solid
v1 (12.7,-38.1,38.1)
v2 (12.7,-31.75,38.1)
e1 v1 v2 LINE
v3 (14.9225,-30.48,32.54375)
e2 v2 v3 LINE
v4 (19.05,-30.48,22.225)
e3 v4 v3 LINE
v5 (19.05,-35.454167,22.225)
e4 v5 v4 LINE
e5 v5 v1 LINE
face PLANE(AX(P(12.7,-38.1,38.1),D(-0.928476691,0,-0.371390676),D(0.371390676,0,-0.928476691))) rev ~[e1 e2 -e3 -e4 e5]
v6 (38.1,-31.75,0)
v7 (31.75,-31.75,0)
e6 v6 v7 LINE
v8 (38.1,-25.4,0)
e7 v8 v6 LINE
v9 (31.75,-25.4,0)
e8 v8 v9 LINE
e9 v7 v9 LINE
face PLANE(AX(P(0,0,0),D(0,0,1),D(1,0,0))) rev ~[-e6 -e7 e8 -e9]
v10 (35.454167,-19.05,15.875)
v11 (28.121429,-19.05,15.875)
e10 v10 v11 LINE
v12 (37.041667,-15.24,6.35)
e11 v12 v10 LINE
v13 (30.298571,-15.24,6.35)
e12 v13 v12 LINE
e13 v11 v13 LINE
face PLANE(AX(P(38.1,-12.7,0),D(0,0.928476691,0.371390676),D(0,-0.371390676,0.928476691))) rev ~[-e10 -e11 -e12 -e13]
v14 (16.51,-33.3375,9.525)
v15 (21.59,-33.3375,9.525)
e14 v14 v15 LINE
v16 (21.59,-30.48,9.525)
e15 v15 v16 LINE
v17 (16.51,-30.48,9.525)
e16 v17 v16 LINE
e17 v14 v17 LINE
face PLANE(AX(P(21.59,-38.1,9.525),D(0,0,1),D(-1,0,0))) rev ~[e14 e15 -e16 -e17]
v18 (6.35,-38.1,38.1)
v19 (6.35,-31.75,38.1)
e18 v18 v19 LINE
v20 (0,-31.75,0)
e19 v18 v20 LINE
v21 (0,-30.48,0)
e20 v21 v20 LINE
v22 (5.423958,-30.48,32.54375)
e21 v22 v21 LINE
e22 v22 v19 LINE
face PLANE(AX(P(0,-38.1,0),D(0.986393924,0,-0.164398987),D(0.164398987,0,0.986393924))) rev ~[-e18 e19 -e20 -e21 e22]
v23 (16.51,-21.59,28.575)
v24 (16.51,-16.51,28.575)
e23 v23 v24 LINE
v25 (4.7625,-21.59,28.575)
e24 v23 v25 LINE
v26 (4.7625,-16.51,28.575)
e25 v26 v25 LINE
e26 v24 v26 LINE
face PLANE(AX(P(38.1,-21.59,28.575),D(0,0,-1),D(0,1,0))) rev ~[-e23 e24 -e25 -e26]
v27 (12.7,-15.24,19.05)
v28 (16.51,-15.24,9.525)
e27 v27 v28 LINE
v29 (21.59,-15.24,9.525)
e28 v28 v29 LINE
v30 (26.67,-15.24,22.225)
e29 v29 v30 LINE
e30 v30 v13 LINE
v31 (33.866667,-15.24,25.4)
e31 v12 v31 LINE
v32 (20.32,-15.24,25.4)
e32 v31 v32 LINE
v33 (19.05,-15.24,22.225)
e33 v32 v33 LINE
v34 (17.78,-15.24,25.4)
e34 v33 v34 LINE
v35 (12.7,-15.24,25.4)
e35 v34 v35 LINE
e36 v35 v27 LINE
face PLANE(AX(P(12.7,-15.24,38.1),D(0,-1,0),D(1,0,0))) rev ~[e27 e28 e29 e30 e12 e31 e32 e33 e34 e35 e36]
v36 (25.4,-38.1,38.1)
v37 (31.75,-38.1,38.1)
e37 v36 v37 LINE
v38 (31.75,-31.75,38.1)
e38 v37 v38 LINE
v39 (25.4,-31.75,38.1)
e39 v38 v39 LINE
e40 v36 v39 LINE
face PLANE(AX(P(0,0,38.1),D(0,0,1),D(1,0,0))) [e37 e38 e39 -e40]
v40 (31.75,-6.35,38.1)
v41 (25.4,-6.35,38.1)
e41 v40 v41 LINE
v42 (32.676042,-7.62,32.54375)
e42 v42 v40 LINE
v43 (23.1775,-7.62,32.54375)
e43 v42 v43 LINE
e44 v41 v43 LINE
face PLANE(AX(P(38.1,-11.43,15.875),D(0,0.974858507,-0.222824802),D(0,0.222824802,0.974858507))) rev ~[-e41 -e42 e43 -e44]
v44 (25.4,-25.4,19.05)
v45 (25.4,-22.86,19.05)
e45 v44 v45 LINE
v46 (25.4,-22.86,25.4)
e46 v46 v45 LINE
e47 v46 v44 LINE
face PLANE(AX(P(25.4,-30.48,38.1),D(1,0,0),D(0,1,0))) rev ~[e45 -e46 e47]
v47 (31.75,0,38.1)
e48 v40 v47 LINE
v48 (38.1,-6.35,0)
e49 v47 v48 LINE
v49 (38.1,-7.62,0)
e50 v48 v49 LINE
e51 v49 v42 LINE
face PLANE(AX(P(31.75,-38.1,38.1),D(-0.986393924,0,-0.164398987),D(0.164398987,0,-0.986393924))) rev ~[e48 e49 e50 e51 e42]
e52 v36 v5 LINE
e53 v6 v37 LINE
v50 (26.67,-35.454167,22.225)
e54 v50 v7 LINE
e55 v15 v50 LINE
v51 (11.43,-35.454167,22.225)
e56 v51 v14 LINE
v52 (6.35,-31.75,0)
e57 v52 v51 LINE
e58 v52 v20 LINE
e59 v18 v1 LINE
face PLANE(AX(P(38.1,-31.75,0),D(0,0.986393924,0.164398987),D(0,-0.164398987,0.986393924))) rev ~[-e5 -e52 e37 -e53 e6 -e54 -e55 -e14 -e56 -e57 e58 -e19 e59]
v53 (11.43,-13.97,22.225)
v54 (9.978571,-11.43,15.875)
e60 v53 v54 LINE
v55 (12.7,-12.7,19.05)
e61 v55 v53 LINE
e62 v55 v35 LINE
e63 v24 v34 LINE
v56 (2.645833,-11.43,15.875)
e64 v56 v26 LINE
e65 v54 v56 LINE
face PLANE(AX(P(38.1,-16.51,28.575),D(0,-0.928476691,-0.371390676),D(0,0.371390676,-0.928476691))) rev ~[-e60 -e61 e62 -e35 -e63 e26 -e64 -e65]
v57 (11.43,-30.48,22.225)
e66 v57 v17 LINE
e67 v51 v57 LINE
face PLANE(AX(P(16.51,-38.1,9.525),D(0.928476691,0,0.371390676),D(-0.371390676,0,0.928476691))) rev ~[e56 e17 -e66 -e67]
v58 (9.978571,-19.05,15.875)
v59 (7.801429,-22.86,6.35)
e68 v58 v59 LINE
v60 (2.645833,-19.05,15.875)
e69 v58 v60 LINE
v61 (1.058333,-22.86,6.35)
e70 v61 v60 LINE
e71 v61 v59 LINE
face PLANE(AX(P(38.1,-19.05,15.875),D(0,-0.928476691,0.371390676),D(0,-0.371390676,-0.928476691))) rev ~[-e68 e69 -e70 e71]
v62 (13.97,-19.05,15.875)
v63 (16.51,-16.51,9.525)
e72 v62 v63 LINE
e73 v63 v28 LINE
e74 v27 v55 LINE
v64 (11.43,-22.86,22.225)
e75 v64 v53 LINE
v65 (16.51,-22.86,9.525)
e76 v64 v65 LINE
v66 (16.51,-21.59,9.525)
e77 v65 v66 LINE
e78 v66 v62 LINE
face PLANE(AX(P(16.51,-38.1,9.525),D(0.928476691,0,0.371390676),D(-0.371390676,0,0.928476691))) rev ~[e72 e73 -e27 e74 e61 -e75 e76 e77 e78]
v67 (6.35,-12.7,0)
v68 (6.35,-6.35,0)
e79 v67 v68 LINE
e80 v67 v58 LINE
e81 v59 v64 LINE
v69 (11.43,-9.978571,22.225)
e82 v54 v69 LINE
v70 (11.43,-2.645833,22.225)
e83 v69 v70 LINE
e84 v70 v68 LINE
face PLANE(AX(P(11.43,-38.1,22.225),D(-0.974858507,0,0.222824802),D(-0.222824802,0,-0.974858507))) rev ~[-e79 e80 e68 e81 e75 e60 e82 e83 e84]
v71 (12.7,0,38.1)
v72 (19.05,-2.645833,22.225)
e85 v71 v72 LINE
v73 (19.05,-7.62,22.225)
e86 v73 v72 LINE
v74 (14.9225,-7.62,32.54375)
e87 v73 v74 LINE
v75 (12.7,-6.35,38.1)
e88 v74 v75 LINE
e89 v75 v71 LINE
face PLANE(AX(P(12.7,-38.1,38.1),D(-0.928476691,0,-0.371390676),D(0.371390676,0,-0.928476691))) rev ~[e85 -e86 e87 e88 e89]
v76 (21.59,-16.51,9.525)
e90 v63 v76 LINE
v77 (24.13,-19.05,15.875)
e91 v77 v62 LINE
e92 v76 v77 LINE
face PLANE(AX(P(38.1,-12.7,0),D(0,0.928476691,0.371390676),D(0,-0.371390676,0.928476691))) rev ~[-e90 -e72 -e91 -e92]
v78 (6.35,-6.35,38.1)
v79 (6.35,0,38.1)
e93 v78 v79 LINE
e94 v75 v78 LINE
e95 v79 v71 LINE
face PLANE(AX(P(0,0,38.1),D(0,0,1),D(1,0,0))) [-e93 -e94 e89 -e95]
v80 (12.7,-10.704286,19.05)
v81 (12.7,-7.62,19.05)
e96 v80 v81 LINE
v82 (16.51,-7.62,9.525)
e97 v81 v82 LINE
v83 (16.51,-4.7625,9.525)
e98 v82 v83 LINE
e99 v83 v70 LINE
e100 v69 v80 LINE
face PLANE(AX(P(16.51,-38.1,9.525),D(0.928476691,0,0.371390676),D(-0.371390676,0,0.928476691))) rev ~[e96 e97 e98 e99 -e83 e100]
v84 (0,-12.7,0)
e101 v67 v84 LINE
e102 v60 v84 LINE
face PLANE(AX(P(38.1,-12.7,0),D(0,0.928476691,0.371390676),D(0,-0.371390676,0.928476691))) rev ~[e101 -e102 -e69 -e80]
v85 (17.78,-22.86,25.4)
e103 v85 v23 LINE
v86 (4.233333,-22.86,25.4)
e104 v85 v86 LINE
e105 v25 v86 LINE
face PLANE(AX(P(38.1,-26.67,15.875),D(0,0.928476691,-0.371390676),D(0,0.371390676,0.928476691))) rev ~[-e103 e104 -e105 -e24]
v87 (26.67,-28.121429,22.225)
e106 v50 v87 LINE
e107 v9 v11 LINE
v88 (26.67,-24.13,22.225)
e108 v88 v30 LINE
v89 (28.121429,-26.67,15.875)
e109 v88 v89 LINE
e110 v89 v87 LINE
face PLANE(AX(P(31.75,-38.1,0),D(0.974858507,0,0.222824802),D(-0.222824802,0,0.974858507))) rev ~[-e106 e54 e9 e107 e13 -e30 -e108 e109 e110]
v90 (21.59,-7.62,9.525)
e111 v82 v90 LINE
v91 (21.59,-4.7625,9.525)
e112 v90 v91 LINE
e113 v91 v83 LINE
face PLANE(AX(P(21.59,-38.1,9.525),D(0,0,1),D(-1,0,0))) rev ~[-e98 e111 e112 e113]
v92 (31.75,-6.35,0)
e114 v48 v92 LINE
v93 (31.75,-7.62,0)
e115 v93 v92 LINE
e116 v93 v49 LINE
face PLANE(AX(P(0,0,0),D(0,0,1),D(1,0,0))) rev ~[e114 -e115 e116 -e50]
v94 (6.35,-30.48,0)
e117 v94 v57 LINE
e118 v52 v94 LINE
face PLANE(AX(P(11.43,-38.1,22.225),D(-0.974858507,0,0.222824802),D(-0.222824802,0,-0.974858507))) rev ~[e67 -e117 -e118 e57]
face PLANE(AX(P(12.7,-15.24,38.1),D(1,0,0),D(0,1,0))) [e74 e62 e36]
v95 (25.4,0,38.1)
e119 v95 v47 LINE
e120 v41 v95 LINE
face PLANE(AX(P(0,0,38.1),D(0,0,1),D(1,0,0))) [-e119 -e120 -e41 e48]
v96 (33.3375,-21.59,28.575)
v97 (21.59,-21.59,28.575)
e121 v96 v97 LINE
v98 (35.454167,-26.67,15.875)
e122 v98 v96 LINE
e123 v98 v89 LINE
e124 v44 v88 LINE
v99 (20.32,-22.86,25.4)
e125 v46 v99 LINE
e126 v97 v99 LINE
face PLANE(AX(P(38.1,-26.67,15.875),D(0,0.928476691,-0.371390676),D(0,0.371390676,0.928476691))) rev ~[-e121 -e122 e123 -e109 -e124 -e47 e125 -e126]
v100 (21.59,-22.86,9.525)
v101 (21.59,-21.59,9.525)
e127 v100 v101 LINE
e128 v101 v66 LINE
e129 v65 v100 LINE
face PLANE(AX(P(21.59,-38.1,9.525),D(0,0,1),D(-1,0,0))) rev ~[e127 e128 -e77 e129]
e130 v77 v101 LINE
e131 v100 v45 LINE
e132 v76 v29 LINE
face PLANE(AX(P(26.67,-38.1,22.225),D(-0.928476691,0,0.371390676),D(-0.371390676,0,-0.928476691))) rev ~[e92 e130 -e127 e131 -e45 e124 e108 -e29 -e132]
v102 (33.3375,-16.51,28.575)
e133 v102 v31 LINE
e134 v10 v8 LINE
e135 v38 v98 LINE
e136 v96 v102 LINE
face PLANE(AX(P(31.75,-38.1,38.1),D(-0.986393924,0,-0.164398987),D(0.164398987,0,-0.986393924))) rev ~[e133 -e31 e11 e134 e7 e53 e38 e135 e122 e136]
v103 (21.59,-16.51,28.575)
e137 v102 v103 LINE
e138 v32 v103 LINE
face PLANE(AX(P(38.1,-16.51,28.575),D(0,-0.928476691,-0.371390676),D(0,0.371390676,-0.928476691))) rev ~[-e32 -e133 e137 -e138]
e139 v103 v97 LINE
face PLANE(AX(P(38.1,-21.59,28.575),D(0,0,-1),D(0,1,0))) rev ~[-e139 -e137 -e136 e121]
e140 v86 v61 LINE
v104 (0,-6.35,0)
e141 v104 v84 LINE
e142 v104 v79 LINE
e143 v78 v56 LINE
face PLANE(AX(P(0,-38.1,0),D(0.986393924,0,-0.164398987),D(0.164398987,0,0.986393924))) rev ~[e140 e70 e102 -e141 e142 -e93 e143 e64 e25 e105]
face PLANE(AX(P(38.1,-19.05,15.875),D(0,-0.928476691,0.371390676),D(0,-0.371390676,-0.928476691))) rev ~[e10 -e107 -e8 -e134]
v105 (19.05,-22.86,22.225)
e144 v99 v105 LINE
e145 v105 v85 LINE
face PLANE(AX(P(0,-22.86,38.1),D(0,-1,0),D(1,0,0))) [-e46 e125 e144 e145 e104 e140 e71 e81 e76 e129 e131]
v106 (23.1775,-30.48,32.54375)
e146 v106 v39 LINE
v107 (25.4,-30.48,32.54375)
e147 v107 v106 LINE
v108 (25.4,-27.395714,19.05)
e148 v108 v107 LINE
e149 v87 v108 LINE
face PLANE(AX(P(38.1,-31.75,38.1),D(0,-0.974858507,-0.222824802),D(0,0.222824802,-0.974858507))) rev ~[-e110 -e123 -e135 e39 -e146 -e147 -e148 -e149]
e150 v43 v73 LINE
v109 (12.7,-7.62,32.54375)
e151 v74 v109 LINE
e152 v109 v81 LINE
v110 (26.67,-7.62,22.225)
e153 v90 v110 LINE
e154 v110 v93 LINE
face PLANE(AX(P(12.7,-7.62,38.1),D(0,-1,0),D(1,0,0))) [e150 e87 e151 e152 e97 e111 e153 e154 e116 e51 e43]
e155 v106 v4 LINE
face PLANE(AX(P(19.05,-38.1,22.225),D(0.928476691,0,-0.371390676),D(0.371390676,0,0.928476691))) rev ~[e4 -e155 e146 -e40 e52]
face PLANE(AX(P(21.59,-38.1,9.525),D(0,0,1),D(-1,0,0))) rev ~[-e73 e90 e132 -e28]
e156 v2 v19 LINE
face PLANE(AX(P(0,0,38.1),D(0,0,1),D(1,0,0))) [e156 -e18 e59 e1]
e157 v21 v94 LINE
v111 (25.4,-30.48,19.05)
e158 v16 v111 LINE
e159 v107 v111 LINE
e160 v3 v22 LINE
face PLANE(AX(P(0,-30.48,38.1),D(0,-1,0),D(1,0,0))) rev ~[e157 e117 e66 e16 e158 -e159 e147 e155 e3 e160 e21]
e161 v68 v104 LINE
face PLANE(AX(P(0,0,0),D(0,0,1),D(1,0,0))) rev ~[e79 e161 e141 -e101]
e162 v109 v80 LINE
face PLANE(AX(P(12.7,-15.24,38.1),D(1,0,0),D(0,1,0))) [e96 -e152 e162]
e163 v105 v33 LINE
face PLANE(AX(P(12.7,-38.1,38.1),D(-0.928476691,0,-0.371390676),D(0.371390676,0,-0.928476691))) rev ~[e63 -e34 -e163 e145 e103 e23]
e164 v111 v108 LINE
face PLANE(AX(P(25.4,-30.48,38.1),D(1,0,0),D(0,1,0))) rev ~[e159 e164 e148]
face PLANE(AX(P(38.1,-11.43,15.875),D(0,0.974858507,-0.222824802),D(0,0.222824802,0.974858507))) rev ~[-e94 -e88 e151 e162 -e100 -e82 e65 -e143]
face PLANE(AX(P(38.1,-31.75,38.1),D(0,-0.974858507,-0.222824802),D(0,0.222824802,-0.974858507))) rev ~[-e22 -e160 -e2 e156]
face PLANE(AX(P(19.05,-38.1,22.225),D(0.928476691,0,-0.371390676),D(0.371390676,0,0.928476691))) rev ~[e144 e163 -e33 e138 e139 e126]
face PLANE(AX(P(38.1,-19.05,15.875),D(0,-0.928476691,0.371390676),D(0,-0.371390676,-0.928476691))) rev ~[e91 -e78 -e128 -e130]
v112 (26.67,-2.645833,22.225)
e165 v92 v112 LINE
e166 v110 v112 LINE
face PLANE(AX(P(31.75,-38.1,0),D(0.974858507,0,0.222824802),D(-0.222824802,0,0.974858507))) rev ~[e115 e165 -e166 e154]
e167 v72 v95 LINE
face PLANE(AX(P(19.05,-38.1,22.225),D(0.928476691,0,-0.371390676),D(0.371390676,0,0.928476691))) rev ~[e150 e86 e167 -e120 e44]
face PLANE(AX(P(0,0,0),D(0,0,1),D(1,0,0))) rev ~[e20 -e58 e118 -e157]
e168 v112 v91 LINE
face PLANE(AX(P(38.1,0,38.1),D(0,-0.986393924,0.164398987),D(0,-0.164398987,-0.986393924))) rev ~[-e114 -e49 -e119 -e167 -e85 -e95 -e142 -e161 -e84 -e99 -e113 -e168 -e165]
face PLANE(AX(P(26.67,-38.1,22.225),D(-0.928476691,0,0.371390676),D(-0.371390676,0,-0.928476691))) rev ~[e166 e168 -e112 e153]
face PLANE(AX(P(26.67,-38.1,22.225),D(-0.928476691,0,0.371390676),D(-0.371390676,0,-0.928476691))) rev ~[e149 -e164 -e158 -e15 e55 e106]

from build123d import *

# Parameters (mm, degrees)
F0_W      = 38.1
F0_H      = 38.1
F1_DEPTH  = 38.1
F6_DEPTH  = 38.1
F8_DEPTH  = 38.1
F9_W      = 25.4
F9_H      = 7.62
F10_DEPTH = 38.1


with BuildPart() as f1:
    # F0 (on Front) → F1 (new body)
    with BuildSketch(Plane.XZ):
        with Locations((19.05, 19.05)):
            Rectangle(F0_W, F0_H)
    extrude(amount=F1_DEPTH)

    # F5 (on offset) → F6 (cut)
    with BuildSketch(Plane.YZ.offset(38.1)):
        Polygon((-38.1, 0), (-31.75, 0), (-38.1, 38.1), align=None)
        Polygon((-11.43, 15.875), (-6.35, 38.1), (-31.75, 38.1), (-26.67, 15.875), (-21.59, 28.575), (-16.51, 28.575), align=None)
        Polygon((-25.4, 0), (-12.7, 0), (-19.05, 15.875), align=None)
        Polygon((-6.35, 0), (0, 0), (0, 38.1), align=None)
    extrude(amount=-F6_DEPTH, mode=Mode.SUBTRACT)

    # F7 (on offset) → F8 (cut)
    with BuildSketch(Plane.XZ.offset(38.1)):
        Polygon((11.43, 22.225), (6.35, 0), (31.75, 0), (26.67, 22.225), (21.59, 9.525), (16.51, 9.525), align=None)
        Polygon((31.75, 38.1), (38.1, 0), (38.1, 38.1), align=None)
        Polygon((25.4, 38.1), (12.7, 38.1), (19.05, 22.225), align=None)
        Polygon((0, 38.1), (0, 0), (6.35, 38.1), align=None)
    extrude(amount=-F8_DEPTH, mode=Mode.SUBTRACT)

    # F9 (on offset) → F10 (cut)
    with BuildSketch(Plane.XY.offset(38.1)):
        with Locations((25.4, -11.43)):
            Rectangle(F9_W, F9_H)
        with Locations((12.7, -26.67)):
            Rectangle(F9_W, F9_H)
    extrude(amount=-F10_DEPTH, mode=Mode.SUBTRACT)


solid = f1.part
